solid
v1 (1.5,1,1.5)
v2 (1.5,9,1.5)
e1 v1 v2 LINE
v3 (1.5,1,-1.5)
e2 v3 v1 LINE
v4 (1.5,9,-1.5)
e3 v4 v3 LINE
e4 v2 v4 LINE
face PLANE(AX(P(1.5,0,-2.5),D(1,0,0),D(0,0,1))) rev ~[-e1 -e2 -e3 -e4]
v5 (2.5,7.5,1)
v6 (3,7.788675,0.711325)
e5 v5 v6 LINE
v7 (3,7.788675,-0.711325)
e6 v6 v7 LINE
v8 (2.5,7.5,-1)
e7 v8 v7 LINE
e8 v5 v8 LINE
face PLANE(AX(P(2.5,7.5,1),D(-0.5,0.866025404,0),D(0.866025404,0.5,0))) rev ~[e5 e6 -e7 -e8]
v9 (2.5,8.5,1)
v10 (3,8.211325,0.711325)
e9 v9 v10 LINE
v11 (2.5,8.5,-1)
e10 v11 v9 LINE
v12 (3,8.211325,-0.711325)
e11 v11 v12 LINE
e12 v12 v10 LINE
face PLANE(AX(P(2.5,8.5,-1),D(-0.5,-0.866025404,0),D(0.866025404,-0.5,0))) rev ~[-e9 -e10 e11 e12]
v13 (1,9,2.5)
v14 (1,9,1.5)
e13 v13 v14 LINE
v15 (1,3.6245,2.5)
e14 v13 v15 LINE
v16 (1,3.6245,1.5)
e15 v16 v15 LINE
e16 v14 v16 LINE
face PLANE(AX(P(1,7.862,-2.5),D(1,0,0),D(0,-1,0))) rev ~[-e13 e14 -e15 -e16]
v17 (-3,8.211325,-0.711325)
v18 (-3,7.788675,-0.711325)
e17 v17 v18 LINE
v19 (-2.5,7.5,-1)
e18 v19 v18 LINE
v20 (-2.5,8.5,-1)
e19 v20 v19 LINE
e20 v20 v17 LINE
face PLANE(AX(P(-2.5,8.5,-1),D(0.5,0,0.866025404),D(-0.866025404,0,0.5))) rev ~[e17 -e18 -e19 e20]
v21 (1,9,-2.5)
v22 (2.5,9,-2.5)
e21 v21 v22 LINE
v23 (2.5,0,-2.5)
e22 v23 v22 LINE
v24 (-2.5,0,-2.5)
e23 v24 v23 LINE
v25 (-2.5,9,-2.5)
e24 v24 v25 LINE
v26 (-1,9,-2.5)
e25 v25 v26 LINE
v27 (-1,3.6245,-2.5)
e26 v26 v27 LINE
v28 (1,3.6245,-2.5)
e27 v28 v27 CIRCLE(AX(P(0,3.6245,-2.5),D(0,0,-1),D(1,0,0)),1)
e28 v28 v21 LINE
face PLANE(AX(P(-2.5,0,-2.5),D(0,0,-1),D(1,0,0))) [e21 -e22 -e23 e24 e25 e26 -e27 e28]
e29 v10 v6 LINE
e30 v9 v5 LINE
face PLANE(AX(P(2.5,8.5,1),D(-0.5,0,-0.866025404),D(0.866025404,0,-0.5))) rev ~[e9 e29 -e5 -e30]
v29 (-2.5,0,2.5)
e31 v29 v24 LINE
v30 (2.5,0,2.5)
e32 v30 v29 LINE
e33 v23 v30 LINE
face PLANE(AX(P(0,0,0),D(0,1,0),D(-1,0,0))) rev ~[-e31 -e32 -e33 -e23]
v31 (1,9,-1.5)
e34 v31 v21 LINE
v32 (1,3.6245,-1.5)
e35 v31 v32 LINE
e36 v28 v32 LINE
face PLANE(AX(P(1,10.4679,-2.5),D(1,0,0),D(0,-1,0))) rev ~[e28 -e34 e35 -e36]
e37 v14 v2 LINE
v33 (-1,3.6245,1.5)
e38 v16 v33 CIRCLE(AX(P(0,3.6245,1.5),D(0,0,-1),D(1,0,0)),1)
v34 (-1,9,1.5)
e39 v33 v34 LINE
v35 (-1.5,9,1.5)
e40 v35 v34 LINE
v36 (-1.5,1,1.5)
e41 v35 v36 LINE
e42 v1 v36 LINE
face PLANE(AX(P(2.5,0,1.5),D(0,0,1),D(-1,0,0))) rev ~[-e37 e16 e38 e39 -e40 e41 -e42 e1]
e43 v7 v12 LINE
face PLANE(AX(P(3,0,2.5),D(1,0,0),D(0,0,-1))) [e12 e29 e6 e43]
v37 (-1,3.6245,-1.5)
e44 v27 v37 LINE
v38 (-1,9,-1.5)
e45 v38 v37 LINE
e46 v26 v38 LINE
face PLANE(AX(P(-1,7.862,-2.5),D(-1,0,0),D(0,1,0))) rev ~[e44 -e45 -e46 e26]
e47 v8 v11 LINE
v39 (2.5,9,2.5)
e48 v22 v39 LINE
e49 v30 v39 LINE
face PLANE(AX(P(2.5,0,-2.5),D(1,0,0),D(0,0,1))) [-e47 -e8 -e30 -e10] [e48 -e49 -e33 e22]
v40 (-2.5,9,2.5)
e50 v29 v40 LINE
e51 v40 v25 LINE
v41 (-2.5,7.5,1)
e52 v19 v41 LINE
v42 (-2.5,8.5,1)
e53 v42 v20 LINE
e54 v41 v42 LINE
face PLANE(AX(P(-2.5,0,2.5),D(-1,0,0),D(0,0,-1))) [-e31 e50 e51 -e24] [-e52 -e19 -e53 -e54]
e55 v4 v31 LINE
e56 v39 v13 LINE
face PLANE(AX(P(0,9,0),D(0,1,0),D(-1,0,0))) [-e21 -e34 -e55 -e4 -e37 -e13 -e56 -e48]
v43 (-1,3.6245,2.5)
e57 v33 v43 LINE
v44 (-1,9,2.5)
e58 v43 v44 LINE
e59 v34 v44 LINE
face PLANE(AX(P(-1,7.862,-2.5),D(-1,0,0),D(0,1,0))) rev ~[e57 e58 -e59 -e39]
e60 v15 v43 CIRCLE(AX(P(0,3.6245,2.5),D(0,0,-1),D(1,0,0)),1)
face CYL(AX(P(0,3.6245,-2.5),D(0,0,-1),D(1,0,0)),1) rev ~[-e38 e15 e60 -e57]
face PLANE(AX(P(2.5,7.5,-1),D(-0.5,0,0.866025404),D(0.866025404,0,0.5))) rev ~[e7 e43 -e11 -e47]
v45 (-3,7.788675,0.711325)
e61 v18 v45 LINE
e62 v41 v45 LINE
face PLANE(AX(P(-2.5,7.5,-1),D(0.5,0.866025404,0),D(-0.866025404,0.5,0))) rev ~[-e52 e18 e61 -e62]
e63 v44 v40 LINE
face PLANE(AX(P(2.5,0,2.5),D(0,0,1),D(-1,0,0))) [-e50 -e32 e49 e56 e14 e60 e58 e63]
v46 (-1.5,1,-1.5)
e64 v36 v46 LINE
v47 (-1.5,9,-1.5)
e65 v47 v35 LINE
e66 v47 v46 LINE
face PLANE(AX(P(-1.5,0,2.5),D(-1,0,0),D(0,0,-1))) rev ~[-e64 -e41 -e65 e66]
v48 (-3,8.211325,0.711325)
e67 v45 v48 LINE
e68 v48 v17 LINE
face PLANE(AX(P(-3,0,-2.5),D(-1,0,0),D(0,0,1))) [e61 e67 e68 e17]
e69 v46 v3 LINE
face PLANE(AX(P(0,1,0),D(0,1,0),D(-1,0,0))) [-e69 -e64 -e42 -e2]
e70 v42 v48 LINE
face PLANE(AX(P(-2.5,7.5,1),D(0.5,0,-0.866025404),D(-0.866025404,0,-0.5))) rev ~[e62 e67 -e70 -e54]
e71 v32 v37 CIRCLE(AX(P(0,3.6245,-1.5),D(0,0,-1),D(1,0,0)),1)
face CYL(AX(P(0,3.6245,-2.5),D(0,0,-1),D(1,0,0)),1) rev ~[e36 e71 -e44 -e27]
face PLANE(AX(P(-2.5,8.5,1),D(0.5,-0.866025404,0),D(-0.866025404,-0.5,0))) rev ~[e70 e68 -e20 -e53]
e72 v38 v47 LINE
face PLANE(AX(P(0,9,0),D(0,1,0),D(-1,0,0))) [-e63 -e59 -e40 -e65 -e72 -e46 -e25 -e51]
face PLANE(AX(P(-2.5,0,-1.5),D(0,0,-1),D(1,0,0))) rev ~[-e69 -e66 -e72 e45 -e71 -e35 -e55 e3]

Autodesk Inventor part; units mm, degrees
ref_plane "YZ Plane" through (0, 0, 0) normal (1, 0, 0) x (0, 1, 0)
ref_plane "XZ Plane" through (0, 0, 0) normal (0, 1, 0) x (-1, 0, 0)
ref_plane "XY Plane" through (0, 0, 0) normal (0, 0, 1) x (1, 0, 0)
sketch "Sketch1" plane through (0, 0, 0) normal (0, 1, 0) x (-1, 0, 0)
  line L0 (-2.5, 2.5) -> (2.5, 2.5)
  line L1 (2.5, 2.5) -> (2.5, -2.5)
  line L2 (2.5, -2.5) -> (-2.5, -2.5)
  line L3 (-2.5, -2.5) -> (-2.5, 2.5)
  line L4 (-2.5, 2.5) -> (2.5, -2.5) construction
  line L5 (2.5, 2.5) -> (-2.5, -2.5) construction
  point P0 (0, 0)
  dimension "d0" = 5
  dimension "d1" = 5
extrude "Extrusion1" add sketch "Sketch1" along normal blind 9
shell "Shell1" thickness 1 removed faces 1 at (-0.8333, 9, -0.8333)
sketch "Sketch9" plane through (2.5, 0, 2.5) normal (1, 0, 0) x (0, 0, -1)
  line L0 (1.5, 7.5) -> (3.5, 7.5)
  line L1 (3.5, 7.5) -> (3.5, 8.5)
  line L2 (3.5, 8.5) -> (1.5, 8.5)
  line L3 (1.5, 8.5) -> (1.5, 7.5)
  line L4 (1.5, 7.5) -> (3.5, 8.5) construction
  line L5 (3.5, 7.5) -> (1.5, 8.5) construction
  line L6 (0, 9) -> (5, 9) projected
  point P0 (2.5, 0)
  point P1 (2.5, 8)
  dimension "d10" = 1
  dimension "d14" = 2
  dimension "d15" = 1
extrude "Extrusion4" add sketch "Sketch9" along normal blind 0.5 draft -30
sketch "Sketch10" plane through (-2.5, 0, -2.5) normal (-1, 0, 0) x (0, 0, 1)
  line L0 (1.5, 7.5) -> (3.5, 7.5)
  line L1 (3.5, 7.5) -> (3.5, 8.5)
  line L2 (3.5, 8.5) -> (1.5, 8.5)
  line L3 (1.5, 8.5) -> (1.5, 7.5)
  line L4 (1.5, 7.5) -> (3.5, 8.5) construction
  line L5 (3.5, 7.5) -> (1.5, 8.5) construction
  line L6 (0, 9) -> (5, 9) projected
  point P0 (2.5, 0)
  point P1 (2.5, 8)
  dimension "d13" = 1
  dimension "d16" = 2
  dimension "d17" = 1
extrude "Extrusion5" add sketch "Sketch10" along normal blind 0.5 draft -30
sketch "Sketch11" plane through (2.5, 0, -2.5) normal (0, 0, -1) x (-1, 0, 0)
  line L0 (2.5, 7.862) -> (2.5, 3.6245) construction
  line L1 (1.5, 7.862) -> (1.5, 3.6245)
  line L2 (3.5, 3.6245) -> (3.5, 7.862)
  arc A0 (3.5, 7.862) -> (1.5, 7.862) centre (2.5, 7.862) ccw
  arc A1 (1.5, 3.6245) -> (3.5, 3.6245) centre (2.5, 3.6245) ccw
  point P0 (2.5, 0)
  point P1 (2.5, 5.7432)
  dimension "d20" = 2
extrude "Extrusion6" cut sketch "Sketch11" against normal through all
sketch "Sketch12" plane through (2.5, 0, -2.5) normal (0, 0, -1) x (-1, 0, 0)
  line L0 (1.5, 7.862) -> (1.5, 3.6245) projected
  line L1 (1.5, 7.862) -> (3.5, 7.862)
  line L2 (3.5, 7.862) -> (3.5, 10.4679)
  line L3 (3.5, 10.4679) -> (1.5, 10.4679)
  line L4 (1.5, 10.4679) -> (1.5, 7.862)
  point P0 (2.5, 0)
  dimension "d23" = 2
extrude "Extrusion7" cut sketch "Sketch12" against normal through all
equation "\"d16\" = d14"
equation "\"d17\" = d15"
properties part number "snapfit_part_v04"
